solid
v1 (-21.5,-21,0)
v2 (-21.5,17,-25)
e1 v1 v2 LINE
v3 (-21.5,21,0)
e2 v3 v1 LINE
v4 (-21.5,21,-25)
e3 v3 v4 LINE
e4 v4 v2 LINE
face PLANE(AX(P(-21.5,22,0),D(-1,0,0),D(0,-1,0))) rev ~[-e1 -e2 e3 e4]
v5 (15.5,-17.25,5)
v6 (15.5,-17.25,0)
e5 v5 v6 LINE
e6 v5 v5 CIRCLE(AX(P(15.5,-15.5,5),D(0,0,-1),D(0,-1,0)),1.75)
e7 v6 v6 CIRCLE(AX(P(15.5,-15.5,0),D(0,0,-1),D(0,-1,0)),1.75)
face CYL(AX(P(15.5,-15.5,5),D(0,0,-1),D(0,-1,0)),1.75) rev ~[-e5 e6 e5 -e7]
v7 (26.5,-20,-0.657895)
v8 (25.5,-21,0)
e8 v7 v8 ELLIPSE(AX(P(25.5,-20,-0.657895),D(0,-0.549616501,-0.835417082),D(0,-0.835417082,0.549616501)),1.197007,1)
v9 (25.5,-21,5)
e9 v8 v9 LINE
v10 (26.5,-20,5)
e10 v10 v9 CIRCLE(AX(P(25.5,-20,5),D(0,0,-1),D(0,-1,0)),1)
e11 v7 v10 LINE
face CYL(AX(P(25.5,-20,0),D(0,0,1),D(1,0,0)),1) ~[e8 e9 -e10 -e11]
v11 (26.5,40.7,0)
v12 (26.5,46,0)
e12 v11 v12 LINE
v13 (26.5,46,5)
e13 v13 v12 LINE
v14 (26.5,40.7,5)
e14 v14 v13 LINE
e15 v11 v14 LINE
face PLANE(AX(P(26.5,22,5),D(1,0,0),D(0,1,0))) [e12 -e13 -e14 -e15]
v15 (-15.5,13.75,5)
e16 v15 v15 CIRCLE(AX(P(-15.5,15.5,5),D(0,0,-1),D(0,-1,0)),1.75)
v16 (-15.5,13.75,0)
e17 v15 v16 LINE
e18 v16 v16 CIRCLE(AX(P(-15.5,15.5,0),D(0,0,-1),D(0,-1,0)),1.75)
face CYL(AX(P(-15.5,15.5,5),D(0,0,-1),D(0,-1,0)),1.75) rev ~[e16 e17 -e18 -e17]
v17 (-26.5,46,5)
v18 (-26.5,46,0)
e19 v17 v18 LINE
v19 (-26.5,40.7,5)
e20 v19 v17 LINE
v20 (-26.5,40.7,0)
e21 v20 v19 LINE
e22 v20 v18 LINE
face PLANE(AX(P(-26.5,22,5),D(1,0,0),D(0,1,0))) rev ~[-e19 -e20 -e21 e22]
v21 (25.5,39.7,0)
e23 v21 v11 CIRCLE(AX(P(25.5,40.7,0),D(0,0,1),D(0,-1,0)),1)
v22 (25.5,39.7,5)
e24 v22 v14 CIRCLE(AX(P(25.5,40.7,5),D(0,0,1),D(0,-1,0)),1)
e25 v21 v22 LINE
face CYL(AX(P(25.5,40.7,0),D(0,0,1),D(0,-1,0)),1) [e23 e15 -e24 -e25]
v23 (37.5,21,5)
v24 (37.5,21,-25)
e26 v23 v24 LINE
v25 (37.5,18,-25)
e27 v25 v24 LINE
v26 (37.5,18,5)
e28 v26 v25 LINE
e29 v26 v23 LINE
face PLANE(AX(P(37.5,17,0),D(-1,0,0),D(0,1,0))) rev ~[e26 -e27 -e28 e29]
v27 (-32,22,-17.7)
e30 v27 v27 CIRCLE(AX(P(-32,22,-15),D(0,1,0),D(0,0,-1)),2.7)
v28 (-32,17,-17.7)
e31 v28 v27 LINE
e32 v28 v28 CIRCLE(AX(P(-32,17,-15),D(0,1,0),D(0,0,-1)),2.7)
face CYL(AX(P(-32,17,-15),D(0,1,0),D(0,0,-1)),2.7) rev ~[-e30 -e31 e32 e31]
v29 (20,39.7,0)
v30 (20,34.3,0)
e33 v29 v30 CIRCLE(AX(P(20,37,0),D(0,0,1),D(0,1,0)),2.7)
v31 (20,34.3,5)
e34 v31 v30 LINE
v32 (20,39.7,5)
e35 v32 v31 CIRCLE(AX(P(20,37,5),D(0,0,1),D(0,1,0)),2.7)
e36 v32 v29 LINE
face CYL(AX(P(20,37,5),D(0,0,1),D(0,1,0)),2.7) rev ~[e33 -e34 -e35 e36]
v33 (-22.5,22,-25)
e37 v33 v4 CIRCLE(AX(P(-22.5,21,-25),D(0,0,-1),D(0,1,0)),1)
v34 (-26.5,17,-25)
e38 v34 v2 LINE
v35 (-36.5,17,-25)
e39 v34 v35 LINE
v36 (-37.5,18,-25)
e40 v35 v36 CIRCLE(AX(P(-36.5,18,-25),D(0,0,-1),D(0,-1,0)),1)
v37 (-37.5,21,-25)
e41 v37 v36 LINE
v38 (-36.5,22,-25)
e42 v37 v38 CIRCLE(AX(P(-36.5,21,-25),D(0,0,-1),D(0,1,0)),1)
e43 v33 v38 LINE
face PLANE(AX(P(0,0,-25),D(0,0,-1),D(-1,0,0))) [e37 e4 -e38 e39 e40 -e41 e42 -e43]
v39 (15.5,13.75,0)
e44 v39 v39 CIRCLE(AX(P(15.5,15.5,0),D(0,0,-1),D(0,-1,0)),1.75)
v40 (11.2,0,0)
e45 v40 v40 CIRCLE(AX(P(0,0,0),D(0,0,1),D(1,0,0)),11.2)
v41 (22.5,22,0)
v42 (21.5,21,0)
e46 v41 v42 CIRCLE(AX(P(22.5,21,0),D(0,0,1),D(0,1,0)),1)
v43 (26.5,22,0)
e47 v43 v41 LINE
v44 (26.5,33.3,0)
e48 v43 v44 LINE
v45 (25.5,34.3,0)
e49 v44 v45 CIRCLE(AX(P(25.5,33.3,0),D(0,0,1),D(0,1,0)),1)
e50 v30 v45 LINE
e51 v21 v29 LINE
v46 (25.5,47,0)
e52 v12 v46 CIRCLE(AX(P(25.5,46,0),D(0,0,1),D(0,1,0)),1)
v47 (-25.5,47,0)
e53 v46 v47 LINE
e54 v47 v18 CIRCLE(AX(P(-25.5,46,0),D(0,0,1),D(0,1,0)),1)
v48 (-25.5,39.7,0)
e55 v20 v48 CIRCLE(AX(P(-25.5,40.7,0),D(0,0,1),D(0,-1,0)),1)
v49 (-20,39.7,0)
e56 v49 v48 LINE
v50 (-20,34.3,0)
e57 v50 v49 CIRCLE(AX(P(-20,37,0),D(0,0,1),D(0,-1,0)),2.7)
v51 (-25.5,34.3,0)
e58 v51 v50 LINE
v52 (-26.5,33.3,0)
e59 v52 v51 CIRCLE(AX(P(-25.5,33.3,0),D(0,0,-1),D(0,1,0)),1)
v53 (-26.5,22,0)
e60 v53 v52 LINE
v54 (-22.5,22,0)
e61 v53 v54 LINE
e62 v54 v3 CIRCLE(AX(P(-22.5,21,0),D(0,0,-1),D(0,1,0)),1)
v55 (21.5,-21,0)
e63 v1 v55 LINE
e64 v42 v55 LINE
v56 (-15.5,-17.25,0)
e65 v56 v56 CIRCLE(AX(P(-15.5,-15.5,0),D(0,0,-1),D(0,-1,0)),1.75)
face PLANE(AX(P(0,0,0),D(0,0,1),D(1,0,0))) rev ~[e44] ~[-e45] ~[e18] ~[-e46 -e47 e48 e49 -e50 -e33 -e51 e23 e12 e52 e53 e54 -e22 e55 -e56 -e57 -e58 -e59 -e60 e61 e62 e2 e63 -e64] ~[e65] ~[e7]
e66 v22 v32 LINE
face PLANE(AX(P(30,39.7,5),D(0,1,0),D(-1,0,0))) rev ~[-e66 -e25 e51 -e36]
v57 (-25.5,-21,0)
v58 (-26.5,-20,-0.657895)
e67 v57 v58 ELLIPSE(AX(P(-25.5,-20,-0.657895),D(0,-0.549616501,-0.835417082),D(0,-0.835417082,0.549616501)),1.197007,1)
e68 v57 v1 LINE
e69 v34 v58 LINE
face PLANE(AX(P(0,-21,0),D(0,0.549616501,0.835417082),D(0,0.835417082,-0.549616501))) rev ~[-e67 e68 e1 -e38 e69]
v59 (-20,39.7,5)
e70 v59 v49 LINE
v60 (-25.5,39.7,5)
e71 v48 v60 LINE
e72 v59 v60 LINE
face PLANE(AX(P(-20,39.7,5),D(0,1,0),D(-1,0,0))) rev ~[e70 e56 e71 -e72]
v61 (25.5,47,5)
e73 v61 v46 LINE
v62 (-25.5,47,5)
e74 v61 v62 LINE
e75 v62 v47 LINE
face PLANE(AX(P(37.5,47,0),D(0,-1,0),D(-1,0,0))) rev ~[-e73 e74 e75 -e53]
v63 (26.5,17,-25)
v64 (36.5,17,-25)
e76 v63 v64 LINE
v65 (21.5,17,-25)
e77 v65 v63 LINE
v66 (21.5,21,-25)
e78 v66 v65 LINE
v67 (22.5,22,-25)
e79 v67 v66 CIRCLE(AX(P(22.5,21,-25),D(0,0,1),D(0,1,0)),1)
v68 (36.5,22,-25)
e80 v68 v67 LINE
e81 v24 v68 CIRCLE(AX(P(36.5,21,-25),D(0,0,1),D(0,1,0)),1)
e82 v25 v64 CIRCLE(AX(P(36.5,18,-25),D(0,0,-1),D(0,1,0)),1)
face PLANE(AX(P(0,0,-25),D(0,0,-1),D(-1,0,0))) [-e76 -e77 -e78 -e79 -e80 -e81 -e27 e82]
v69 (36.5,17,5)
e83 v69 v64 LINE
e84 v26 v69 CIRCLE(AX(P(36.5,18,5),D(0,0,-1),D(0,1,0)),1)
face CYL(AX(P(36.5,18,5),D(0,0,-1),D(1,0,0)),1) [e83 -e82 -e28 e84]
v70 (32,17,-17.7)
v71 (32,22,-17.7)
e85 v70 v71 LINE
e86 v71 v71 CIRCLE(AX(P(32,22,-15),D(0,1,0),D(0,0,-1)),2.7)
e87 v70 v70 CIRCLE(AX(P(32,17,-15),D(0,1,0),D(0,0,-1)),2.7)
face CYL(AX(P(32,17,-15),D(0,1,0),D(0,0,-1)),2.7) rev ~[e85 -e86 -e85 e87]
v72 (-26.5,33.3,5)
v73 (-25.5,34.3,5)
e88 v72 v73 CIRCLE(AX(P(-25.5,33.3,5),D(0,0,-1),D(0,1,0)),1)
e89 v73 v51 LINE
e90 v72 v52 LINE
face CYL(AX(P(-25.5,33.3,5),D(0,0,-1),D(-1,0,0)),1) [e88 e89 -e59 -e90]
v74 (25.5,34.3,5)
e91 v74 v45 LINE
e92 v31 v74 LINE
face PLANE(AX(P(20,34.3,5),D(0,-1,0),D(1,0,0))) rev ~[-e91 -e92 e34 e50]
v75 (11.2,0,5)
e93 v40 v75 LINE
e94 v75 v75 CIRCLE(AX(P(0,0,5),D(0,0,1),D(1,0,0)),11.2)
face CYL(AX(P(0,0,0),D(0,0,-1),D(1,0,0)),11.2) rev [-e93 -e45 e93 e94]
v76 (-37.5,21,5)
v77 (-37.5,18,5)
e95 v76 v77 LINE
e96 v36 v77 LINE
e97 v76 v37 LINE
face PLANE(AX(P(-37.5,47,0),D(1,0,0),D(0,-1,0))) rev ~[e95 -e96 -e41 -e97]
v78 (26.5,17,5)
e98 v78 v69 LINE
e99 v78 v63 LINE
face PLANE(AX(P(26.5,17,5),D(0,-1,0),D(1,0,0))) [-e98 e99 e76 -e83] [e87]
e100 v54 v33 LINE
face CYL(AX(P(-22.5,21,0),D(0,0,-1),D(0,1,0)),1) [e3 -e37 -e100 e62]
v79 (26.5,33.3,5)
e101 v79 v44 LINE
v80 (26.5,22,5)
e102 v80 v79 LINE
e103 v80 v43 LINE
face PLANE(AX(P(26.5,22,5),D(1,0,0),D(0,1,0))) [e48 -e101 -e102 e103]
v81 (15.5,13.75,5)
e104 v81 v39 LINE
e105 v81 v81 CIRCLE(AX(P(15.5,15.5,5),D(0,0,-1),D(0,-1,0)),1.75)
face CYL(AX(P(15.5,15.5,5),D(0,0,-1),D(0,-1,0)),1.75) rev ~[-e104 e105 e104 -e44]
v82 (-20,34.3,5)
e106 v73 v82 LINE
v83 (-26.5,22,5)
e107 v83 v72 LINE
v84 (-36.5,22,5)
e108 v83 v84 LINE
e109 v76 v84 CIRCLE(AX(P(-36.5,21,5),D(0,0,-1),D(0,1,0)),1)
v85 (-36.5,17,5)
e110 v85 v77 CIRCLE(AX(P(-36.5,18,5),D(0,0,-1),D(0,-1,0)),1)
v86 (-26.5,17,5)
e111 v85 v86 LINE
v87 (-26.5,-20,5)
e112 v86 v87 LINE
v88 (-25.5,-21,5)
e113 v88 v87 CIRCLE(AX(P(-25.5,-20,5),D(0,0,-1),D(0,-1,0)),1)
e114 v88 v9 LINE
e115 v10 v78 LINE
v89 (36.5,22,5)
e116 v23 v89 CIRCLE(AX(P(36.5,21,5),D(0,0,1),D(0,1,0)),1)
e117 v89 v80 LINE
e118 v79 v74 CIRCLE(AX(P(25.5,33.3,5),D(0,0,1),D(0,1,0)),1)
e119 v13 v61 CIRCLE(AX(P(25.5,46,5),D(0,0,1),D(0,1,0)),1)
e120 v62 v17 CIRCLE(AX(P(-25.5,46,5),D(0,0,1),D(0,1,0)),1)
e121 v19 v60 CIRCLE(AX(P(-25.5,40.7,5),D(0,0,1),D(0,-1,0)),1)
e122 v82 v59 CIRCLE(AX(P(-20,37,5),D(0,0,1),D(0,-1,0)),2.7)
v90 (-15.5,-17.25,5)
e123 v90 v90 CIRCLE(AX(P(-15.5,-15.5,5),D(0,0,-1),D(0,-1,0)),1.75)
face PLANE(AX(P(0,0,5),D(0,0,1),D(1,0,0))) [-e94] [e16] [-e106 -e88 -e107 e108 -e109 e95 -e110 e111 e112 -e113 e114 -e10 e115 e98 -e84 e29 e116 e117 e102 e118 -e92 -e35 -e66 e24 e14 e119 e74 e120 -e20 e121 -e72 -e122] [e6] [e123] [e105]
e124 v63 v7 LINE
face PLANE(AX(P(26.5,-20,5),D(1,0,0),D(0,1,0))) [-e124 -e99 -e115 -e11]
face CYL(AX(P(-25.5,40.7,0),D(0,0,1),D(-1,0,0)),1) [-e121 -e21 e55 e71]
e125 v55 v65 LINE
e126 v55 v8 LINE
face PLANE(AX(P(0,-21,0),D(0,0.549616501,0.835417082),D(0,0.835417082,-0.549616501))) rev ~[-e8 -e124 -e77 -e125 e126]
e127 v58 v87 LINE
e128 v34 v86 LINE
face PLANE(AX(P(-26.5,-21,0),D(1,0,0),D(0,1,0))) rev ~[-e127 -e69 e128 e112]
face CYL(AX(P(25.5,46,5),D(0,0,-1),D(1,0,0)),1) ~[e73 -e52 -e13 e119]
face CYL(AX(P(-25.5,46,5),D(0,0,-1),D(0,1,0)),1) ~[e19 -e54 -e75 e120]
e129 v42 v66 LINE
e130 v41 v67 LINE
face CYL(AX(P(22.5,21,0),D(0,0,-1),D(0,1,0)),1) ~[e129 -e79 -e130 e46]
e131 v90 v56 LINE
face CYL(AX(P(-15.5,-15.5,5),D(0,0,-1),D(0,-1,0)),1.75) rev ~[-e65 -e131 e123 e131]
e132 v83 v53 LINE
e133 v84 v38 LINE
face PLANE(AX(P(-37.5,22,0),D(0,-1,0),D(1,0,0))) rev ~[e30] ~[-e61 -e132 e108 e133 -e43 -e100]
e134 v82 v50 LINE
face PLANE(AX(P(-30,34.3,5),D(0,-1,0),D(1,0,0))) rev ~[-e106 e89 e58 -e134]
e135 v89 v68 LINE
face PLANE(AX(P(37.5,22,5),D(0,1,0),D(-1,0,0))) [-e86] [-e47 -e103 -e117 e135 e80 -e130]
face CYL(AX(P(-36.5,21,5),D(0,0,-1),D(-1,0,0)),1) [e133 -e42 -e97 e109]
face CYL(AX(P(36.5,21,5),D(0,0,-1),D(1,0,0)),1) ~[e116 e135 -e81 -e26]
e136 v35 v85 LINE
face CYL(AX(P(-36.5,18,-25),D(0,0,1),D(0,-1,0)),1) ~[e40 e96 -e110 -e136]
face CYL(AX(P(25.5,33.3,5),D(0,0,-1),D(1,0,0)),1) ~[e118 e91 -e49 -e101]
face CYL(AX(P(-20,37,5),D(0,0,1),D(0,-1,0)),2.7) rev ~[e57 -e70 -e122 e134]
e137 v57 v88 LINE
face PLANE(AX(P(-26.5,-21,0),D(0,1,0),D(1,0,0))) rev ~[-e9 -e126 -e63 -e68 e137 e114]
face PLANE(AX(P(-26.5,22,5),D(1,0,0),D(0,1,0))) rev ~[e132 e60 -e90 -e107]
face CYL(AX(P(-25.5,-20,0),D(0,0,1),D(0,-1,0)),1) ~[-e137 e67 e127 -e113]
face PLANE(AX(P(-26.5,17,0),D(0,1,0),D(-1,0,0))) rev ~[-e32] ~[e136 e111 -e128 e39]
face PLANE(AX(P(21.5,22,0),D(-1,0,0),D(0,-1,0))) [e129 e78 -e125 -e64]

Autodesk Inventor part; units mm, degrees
ref_plane "YZ Plane" through (0, 0, 0) normal (1, 0, 0) x (0, 1, 0)
ref_plane "XZ Plane" through (0, 0, 0) normal (0, 1, 0) x (-1, 0, 0)
ref_plane "XY Plane" through (0, 0, 0) normal (0, 0, 1) x (1, 0, 0)
sketch "Sketch1" plane through (0, 0, 0) normal (0, 0, 1) x (1, 0, 0)
  circle A0 centre (0, 0) radius 11.2
  line L0 (-26.5, -21) -> (26.5, -21)
  line L1 (26.5, -21) -> (37.5, 17)
  line L2 (37.5, 17) -> (37.5, 47)
  line L3 (37.5, 47) -> (-37.5, 47)
  line L4 (-37.5, 47) -> (-37.5, 17)
  line L5 (-37.5, 17) -> (-26.5, -21)
  line L6 (-21.5, 24.7614) -> (-21.5, -34.1796) construction
  line L7 (21.5, 24.7614) -> (21.5, -37.8196) construction
  line L8 (-55.4202, 22) -> (54.2016, 22) construction
  dimension "d0" = 22.4
  dimension "d1" = 5
  dimension "d2" = 5
  dimension "d3" = 5
  dimension "d4" = 5
  dimension "d5" = 25
  dimension "d6" = 16
  dimension "d7" = 16
  dimension "d8" = 21.5
  dimension "d9" = 21.5
  dimension "d10" = 21
  dimension "d11" = 22
extrude "Extrusion1" add sketch "Sketch1" along normal blind 5
sketch "Sketch2" plane through (0, 0, 0) normal (0, 0, -1) x (-1, 0, 0)
  line L0 (-26.5, -21) -> (-37.5, 17) projected
  line L1 (37.5, 17) -> (26.5, -21) projected
  line L2 (-26.5, -21) -> (-26.5, 17)
  line L3 (-26.5, 17) -> (-37.5, 17)
  line L4 (-37.5, 17) -> (-37.5, 47) projected
  line L5 (-37.5, 22) -> (-21.5, 22)
  line L6 (-21.5, 22) -> (-21.5, -21)
  line L7 (26.5, -21) -> (-26.5, -21) projected
  line L8 (-21.5, -21) -> (-26.5, -21)
  line L9 (26.5, -21) -> (26.5, 17)
  line L10 (26.5, 17) -> (37.5, 17)
  line L11 (37.5, 47) -> (37.5, 17) projected
  line L12 (37.5, 22) -> (21.5, 22)
  line L13 (21.5, 22) -> (21.5, -21)
  point P0 (0, 0)
  dimension "d14" = 5
  dimension "d15" = 5
  dimension "d16" = 5
  dimension "d17" = 5
extrude "Extrusion2" add sketch "Sketch2" along normal blind 25 contours L13 L12 L11 L10 L9 L7 | L2 L3 L4 L5 L6 L7
sketch "Sketch3" plane through (0, 0, 0) normal (1, 0, 0) x (0, 1, 0)
  line L0 (17, -25) -> (-21, -25) projected
  line L1 (-21, 0) -> (-21, -25) projected
  line L2 (-21, 0) -> (-21, -25) projected
  line L3 (-21, 0) -> (17, -25)
  line L4 (17, -25) -> (-21, -25)
  line L5 (-21, -25) -> (-21, 0)
  point P0 (0, 0)
extrude "Extrusion3" cut sketch "Sketch3" along normal through all both and the other way through all
sketch "Sketch4" plane through (0, 0, 5) normal (0, 0, 1) x (1, 0, 0)
  line L0 (-37.5, 17) -> (-26.5, -21) projected
  line L1 (-37.5, 17) -> (-26.5, 17) projected
  line L2 (-26.5, 17) -> (-26.5, -21) projected
  line L3 (26.5, 17) -> (37.5, 17) projected
  line L4 (26.5, -21) -> (26.5, 17) projected
  line L5 (26.5, -21) -> (37.5, 17) projected
  line L6 (37.5, 22) -> (21.5, 22) projected
  line L7 (-21.5, 22) -> (-37.5, 22) projected
  line L8 (37.5, 47) -> (-37.5, 47) projected
  line L9 (-26.5, 17) -> (-26.5, -21) projected
  line L10 (-37.5, 17) -> (-26.5, -21)
  line L11 (-26.5, -21) -> (-26.5, 17)
  line L12 (-26.5, 17) -> (-37.5, 17) projected
  line L13 (-26.5, 17) -> (-37.5, 17)
  line L14 (37.5, 17) -> (26.5, 17) projected
  line L15 (26.5, 17) -> (37.5, 17)
  line L16 (37.5, 17) -> (26.5, -20)
  line L17 (26.5, -20) -> (26.5, 17)
  line L18 (-26.5, 22) -> (-26.5, 47)
  line L19 (37.5, 47) -> (-37.5, 47) projected
  line L20 (-26.5, 47) -> (-37.5, 47)
  line L21 (-37.5, 47) -> (-37.5, 22)
  line L22 (-37.5, 22) -> (-26.5, 22)
  line L23 (21.5, 22) -> (37.5, 22) projected
  line L24 (26.5, 22) -> (26.5, 47)
  line L25 (26.5, 47) -> (37.5, 47)
  line L26 (37.5, 22) -> (37.5, 17) projected
  line L27 (37.5, 47) -> (37.5, 22)
  line L28 (37.5, 22) -> (26.5, 22)
  point P0 (0, 0)
extrude "Extrusion4" cut sketch "Sketch4" against normal through all
sketch "Sketch5" plane through (0, 0, 5) normal (0, 0, 1) x (1, 0, 0)
  line L0 (0, 0) -> (0, 29.9357) construction
  line L1 (0, 0) -> (-35.6616, 0) construction
  line L2 (-15.5, 15.5) -> (15.5, 15.5) construction
  line L3 (15.5, 15.5) -> (15.5, -15.5) construction
  line L4 (15.5, -15.5) -> (-15.5, -15.5) construction
  line L5 (-15.5, -15.5) -> (-15.5, 15.5) construction
  point P0 (0, 15.5)
  point P1 (-15.5, 0)
  dimension "d24" = 31
  dimension "d25" = 31
hole "Hole1" at (-15.5, 15.5, 5) at (15.5, 15.5, 5) at (15.5, -15.5, 5) at (-15.5, -15.5, 5) direction (0, 0, -1) diameter 3.5 end through all
sketch "Sketch6" plane through (26.5, 17, 5) normal (0, -1, 0) x (1, 0, 0)
  line L0 (-48, -5) -> (-5, -5) projected
  line L1 (-53, -30) -> (-53, -5) projected
  line L2 (0, -5) -> (0, -30) projected
  line L3 (-84.7583, -20) -> (35.1169, -20) construction
  point P0 (-26.5, -5)
  point P1 (5.5, -20)
  point P2 (-58.5, -20)
  dimension "d33" = 15
  dimension "d34" = 5.5
  dimension "d35" = 5.5
hole "Hole2" at (32, 17, -15) at (-32, 17, -15) direction (0, 1, 0) diameter 5.4 end through all
sketch "Sketch7" plane through (0, 0, 5) normal (0, 0, 1) x (1, 0, 0)
  line L0 (-26.0966, 37) -> (27.6353, 37) construction
  line L1 (-30, 37) -> (-20, 37)
  line L2 (-30, 34.3) -> (-20, 34.3)
  line L3 (-20, 39.7) -> (-30, 39.7)
  arc A0 (-30, 39.7) -> (-30, 34.3) centre (-30, 37) ccw
  arc A1 (-20, 34.3) -> (-20, 39.7) centre (-20, 37) ccw
  line L4 (20, 37) -> (30, 37)
  line L5 (20, 34.3) -> (30, 34.3)
  line L6 (30, 39.7) -> (20, 39.7)
  arc A2 (20, 39.7) -> (20, 34.3) centre (20, 37) ccw
  arc A3 (30, 34.3) -> (30, 39.7) centre (30, 37) ccw
  line L7 (-26.5, 22) -> (-37.5, 22) construction
  point P0 (0, 0)
  point P1 (-25, 37)
  point P2 (25, 37)
  dimension "d43" = 5.4
  dimension "d44" = 15
  dimension "d46" = 20
  dimension "d47" = 20
  dimension "d48" = 10
  dimension "d49" = 10
extrude "Extrusion5" cut sketch "Sketch7" against normal through all
fillet "Fillet1" radius 1 1 edges at (37.5, 17, -10)
fillet "Fillet2" radius 1 13 edges at (37.5, 22, -10) (26.5, 34.3, 2.5) (26.5, 39.7, 2.5) (26.5, 47, 2.5) (-26.5, 47, 2.5) (-26.5, 39.7, 2.5) (-26.5, 34.3, 2.5) (-37.5, 22, -10) (-37.5, 17, -10) (-26.5, -21, 2.5) (-21.5, 22, -12.5) (21.5, 22, -12.5) (26.5, -21, 2.5)
equation "\"BendRadius\" = Thickness"
equation "\"BendReliefWidth\" = Thickness"
equation "\"BendReliefDepth\" = 0.5 * Thickness"
equation "\"CornerReliefSize\" = 4 * Thickness"
equation "\"MinimumRemnant\" = 2 * Thickness"
equation "\"TransitionRadius\" = BendRadius"
equation "\"JacobiRadiusSize\" = Thickness"
equation "\"GapSize\" = Thickness"
equation "\"Thickness\" = 0.5"
properties part number "Z Motor Mount 1.0" material "PC/ABS Plastic"
